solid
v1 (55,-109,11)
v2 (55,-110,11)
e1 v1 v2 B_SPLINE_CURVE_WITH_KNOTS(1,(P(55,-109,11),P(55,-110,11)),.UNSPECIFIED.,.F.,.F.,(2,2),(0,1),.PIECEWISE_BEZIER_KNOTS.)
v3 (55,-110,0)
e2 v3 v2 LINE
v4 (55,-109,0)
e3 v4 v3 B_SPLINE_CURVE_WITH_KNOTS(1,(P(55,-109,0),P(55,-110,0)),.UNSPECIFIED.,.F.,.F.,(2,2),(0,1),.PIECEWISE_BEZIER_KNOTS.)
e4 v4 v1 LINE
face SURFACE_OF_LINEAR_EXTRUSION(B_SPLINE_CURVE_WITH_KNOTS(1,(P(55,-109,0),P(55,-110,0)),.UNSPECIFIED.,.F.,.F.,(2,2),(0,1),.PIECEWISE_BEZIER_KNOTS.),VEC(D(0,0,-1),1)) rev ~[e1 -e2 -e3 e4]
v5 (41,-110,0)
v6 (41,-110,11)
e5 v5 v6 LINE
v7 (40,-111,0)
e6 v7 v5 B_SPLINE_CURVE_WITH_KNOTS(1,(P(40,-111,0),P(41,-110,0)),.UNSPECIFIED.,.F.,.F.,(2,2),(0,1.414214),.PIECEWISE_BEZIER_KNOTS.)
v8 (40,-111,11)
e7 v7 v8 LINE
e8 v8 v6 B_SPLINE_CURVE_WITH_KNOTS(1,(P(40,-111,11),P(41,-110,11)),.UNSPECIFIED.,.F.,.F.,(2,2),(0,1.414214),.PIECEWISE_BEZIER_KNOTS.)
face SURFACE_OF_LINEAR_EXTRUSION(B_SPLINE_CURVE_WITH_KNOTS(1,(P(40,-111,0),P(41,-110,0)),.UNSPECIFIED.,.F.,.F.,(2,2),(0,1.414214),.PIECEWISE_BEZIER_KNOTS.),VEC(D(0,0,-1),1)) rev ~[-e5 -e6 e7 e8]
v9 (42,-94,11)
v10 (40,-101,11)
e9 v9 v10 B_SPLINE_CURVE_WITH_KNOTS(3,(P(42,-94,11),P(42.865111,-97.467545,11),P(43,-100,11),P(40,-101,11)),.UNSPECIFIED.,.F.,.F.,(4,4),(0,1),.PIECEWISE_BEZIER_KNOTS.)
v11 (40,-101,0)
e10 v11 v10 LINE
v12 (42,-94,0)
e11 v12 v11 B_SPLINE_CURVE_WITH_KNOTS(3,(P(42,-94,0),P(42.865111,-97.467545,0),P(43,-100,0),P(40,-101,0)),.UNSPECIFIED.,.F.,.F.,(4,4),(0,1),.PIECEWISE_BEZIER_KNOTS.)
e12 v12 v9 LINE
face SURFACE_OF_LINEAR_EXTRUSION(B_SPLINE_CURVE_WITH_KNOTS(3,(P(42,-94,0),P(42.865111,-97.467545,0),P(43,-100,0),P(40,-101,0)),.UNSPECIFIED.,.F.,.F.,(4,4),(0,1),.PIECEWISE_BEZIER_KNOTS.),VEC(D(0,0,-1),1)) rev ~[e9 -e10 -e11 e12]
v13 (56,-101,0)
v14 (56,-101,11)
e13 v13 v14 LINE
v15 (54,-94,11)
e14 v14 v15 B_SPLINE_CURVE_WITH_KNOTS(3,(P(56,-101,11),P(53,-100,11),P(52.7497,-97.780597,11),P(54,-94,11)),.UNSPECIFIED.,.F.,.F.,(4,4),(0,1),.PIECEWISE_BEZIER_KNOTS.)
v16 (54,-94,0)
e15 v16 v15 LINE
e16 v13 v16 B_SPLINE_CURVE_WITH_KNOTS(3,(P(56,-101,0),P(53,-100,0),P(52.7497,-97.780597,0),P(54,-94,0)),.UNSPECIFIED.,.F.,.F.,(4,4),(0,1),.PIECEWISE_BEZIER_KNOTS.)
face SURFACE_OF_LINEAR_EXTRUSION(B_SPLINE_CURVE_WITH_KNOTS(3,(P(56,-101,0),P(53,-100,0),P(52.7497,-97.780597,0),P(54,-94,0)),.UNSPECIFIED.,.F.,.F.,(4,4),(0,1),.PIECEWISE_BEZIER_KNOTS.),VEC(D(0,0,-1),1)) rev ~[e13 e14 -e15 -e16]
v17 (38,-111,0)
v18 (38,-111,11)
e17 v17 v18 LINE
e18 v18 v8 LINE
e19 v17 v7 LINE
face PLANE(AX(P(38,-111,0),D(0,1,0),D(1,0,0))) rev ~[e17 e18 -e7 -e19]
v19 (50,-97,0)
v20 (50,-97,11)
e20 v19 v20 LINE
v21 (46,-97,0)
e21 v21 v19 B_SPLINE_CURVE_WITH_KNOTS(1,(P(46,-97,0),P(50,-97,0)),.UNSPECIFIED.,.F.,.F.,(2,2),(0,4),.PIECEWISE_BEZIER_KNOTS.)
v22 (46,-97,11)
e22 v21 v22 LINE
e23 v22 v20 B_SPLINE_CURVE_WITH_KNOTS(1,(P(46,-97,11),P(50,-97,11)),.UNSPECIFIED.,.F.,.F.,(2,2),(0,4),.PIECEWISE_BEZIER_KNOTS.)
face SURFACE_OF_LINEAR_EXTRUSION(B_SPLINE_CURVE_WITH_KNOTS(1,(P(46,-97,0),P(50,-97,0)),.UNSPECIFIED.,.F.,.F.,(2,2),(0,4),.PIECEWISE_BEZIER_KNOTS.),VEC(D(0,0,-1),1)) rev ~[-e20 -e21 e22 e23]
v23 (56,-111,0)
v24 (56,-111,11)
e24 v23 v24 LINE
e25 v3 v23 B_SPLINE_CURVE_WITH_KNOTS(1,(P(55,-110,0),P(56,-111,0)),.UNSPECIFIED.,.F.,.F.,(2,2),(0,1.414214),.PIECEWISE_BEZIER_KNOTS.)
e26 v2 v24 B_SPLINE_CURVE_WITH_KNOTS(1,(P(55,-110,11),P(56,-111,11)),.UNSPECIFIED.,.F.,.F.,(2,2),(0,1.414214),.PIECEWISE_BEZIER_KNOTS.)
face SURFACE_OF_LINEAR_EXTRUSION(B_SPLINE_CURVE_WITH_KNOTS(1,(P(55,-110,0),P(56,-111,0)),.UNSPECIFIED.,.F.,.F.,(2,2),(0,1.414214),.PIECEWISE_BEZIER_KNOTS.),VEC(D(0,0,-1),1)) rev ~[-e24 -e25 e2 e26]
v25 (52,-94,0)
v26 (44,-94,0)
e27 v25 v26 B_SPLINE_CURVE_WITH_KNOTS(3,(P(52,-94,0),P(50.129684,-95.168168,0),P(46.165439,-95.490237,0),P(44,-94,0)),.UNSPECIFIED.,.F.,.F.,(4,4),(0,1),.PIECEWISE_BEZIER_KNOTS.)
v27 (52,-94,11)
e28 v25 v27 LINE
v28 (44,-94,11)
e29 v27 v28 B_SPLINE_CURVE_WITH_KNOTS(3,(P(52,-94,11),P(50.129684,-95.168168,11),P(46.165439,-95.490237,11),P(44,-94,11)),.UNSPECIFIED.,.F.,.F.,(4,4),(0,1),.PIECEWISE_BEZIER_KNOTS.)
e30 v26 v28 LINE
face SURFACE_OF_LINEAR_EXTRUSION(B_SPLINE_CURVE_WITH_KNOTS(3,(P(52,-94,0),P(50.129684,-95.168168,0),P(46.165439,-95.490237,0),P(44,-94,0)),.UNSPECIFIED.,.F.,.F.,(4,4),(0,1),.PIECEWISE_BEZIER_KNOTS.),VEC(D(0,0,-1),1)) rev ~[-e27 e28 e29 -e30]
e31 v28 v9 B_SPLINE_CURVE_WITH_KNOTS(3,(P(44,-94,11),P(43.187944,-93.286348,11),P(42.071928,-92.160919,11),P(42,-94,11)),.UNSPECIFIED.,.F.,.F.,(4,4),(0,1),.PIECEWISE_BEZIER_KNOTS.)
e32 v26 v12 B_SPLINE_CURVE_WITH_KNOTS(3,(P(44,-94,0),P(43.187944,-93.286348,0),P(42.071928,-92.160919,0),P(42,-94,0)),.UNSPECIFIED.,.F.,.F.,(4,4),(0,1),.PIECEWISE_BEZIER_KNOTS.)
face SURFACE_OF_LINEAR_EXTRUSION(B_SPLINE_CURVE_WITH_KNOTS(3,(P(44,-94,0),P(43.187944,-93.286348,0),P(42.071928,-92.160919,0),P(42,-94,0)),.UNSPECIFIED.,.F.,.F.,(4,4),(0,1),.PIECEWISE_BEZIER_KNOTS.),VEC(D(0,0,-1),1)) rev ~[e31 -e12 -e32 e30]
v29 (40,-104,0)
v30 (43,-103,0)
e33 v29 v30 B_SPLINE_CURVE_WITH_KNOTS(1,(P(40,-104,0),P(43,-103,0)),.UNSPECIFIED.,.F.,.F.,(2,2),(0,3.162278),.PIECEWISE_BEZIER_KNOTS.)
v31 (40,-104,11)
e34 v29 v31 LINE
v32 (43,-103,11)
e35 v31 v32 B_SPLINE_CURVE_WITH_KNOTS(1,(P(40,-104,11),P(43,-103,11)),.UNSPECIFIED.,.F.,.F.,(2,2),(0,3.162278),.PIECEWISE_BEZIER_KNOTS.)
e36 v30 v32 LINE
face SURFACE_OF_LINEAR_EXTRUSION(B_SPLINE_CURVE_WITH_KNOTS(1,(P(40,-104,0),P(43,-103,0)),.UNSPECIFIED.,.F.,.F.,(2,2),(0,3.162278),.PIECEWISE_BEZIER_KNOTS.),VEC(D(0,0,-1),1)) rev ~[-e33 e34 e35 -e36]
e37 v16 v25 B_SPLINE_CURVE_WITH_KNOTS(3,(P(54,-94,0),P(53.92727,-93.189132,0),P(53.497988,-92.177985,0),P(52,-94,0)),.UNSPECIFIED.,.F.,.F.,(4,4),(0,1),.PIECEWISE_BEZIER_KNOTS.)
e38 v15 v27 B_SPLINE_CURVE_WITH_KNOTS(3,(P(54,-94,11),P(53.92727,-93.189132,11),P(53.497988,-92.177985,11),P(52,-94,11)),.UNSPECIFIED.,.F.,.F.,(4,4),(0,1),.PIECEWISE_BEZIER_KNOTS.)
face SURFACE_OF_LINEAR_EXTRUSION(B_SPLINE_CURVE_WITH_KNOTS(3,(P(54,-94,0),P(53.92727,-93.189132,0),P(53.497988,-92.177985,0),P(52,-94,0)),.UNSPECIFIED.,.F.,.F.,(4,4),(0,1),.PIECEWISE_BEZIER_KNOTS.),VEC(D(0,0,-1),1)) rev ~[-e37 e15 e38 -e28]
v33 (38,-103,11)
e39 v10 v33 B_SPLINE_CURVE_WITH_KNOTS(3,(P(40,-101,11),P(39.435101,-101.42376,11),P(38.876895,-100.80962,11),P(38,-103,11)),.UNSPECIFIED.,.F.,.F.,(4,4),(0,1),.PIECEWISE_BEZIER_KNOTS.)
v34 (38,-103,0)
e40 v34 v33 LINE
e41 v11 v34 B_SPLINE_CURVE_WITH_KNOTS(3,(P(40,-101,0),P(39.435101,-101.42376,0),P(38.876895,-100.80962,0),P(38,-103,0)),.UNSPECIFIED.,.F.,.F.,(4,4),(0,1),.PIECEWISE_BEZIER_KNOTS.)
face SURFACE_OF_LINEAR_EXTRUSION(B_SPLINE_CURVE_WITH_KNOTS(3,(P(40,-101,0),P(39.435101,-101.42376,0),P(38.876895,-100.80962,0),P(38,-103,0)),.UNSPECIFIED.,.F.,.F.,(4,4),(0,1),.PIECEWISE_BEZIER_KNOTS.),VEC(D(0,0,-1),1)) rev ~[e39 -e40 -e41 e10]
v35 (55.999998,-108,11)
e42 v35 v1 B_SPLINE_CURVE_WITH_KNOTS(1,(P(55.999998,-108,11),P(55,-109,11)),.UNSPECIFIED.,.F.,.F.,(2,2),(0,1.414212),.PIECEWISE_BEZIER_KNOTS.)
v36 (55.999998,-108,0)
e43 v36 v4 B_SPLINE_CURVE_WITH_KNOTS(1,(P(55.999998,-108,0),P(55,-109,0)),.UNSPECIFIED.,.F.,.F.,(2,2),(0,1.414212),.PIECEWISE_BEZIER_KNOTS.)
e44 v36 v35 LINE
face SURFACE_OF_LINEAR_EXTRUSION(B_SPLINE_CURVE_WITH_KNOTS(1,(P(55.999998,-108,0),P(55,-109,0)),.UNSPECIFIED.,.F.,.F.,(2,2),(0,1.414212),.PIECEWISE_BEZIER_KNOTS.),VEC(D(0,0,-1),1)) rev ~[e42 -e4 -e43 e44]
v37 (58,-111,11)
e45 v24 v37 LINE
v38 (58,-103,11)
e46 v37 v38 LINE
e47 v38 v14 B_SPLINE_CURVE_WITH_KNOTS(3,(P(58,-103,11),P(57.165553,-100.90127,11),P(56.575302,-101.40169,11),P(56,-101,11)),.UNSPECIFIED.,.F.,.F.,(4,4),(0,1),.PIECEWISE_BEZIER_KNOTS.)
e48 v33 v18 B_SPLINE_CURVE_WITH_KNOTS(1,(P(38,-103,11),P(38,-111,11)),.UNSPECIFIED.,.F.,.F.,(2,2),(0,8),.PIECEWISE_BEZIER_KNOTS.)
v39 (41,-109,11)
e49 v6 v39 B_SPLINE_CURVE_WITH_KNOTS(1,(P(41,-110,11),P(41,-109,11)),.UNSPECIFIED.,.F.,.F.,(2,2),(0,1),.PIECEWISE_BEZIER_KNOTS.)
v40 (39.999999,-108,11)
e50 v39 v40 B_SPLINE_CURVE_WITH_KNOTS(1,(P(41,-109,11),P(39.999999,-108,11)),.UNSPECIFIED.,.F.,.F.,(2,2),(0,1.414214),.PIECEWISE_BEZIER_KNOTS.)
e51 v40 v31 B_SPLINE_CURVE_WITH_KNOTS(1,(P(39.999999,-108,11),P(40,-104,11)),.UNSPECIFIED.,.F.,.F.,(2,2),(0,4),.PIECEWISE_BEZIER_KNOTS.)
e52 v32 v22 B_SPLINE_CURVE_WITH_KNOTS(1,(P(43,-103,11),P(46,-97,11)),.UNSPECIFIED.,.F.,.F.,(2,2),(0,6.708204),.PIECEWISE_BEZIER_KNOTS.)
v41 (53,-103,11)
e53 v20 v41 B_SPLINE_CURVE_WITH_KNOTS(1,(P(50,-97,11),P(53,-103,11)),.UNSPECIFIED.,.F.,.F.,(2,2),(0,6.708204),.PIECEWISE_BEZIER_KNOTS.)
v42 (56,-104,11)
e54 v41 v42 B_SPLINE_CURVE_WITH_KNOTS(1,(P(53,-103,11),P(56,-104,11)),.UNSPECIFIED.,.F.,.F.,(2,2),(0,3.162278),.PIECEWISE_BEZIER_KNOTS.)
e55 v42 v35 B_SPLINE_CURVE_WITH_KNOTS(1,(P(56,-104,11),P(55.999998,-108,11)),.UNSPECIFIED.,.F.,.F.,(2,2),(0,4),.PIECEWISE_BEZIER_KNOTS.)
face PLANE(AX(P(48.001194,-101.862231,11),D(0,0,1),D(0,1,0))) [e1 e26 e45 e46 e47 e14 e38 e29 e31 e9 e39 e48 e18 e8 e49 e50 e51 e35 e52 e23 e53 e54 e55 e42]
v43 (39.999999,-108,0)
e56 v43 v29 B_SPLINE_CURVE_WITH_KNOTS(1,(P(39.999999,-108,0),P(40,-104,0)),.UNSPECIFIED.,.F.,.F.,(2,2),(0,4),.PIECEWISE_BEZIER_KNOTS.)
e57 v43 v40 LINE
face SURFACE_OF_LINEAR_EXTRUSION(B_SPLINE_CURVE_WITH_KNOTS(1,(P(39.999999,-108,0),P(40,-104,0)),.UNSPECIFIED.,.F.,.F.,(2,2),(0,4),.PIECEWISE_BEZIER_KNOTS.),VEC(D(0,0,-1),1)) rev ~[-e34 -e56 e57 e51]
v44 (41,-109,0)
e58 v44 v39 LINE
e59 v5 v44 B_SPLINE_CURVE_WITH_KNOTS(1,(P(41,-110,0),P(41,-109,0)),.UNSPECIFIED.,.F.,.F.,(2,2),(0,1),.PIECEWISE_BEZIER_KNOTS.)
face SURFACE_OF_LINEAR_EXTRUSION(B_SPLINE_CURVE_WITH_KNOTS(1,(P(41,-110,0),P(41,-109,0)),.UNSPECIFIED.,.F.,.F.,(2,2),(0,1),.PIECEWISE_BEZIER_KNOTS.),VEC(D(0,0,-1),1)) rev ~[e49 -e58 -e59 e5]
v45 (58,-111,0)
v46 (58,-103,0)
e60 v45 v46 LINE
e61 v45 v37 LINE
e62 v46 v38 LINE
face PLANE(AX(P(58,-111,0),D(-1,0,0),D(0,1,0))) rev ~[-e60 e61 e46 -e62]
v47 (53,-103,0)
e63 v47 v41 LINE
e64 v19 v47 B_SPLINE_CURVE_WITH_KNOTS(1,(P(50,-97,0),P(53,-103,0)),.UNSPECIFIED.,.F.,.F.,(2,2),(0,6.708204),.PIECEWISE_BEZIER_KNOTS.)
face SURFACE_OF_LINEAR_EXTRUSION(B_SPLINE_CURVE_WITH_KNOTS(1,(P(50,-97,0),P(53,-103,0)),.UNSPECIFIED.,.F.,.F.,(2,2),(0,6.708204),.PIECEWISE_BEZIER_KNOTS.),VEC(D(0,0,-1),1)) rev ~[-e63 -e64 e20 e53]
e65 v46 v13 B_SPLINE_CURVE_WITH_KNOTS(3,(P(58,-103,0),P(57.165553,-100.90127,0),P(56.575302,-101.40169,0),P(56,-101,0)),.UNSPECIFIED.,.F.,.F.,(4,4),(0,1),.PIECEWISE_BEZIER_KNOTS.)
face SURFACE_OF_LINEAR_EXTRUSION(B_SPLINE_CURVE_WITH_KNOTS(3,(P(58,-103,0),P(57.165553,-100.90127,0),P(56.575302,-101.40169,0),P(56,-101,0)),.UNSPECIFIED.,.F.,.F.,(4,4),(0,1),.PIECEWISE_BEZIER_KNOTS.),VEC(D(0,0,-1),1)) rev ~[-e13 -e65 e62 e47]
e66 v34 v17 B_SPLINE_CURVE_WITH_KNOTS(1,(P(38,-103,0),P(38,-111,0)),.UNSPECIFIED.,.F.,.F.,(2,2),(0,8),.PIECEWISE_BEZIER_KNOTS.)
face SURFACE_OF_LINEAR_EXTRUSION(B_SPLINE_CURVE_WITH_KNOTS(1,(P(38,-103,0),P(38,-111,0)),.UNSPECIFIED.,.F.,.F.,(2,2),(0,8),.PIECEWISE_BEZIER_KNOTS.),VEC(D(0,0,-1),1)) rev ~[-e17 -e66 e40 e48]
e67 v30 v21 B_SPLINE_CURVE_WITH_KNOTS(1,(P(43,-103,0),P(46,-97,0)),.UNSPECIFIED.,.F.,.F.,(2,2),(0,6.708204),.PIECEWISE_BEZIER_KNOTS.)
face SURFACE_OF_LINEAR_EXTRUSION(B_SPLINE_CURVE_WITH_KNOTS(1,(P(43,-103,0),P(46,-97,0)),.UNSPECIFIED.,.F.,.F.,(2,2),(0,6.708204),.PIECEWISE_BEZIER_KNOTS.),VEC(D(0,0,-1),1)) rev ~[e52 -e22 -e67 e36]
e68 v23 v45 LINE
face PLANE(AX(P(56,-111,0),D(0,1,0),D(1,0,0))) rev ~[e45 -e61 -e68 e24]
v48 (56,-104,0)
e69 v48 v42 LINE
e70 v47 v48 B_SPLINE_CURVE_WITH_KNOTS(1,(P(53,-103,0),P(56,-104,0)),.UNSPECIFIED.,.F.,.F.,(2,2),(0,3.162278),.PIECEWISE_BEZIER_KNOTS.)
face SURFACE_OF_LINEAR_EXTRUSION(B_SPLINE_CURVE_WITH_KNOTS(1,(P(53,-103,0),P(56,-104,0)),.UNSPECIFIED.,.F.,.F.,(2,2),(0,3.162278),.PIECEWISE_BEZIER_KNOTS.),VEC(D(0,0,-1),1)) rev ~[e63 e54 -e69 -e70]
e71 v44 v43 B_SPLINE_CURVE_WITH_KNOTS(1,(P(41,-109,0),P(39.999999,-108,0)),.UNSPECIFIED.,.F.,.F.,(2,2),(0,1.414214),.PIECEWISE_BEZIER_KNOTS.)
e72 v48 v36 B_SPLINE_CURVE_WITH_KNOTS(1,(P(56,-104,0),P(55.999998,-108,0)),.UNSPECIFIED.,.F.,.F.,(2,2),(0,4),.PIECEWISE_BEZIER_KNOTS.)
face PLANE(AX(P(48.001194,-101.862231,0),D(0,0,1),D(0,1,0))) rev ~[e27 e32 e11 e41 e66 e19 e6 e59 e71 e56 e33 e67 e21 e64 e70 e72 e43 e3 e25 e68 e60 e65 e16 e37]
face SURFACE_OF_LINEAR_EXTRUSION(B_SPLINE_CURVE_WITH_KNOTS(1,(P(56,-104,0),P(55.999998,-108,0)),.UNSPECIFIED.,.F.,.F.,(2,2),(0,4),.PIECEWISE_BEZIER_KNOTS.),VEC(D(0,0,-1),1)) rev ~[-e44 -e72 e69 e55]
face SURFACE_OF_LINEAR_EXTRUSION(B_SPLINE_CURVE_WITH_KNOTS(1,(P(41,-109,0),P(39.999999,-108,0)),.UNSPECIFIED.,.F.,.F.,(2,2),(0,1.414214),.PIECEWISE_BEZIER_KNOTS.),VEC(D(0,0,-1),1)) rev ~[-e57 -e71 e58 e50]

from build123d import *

# Parameters (mm, degrees)
EXTRUDE_DEPTH = 11


with BuildPart() as part:
    # path2076 → Extrude (new body)
    with BuildSketch(Plane(origin=(48, -101.847886, 0), x_dir=(0, 1, 0), z_dir=(0, 0, 1))):
        with BuildLine():
            add(Edge.make_bspline(
                [(-6.152114, 8.000001), (-2.152114, 8)],
                knots=[0, 0, 4, 4], degree=1))
            add(Edge.make_bspline(
                [(-2.152114, 8), (-1.152114, 5)],
                knots=[0, 0, 3.162278, 3.162278], degree=1))
            add(Edge.make_bspline(
                [(-1.152114, 5), (4.847886, 2)],
                knots=[0, 0, 6.708204, 6.708204], degree=1))
            add(Edge.make_bspline(
                [(4.847886, 2), (4.847886, -2)],
                knots=[0, 0, 4, 4], degree=1))
            add(Edge.make_bspline(
                [(4.847886, -2), (-1.152114, -5)],
                knots=[0, 0, 6.708204, 6.708204], degree=1))
            add(Edge.make_bspline(
                [(-1.152114, -5), (-2.152114, -8)],
                knots=[0, 0, 3.162278, 3.162278], degree=1))
            add(Edge.make_bspline(
                [(-2.152114, -8), (-6.152114, -7.999998)],
                knots=[0, 0, 4, 4], degree=1))
            add(Edge.make_bspline(
                [(-6.152114, -7.999998), (-7.152114, -7)],
                knots=[0, 0, 1.414212, 1.414212], degree=1))
            add(Edge.make_bspline(
                [(-7.152114, -7), (-8.152114, -7)],
                knots=[0, 0, 1, 1], degree=1))
            add(Edge.make_bspline(
                [(-8.152114, -7), (-9.152114, -8)],
                knots=[0, 0, 1.414214, 1.414214], degree=1))
            add(Edge.make_bspline(
                [(-9.152114, -8), (-9.152114, -8.999999)],
                knots=[0, 0, 0.999999, 0.999999], degree=1))
            add(Edge.make_bspline(
                [(-9.152114, -8.999999), (-9.152114, -10)],
                knots=[0, 0, 1.000001, 1.000001], degree=1))
            add(Edge.make_bspline(
                [(-9.152114, -10), (-3.152114, -10)],
                knots=[0, 0, 6, 6], degree=1))
            add(Edge.make_bspline(
                [(-3.152114, -10), (-1.152114, -10)],
                knots=[0, 0, 2, 2], degree=1))
            add(Edge.make_bspline(
                [(-1.152114, -10), (0.946616, -9.165553), (0.446196, -8.575302), (0.847886, -8)],
                knots=[0, 0, 0, 0, 1, 1, 1, 1], degree=3))
            add(Edge.make_bspline(
                [(0.847886, -8), (1.847886, -5), (4.067289, -4.7497), (7.847886, -6)],
                knots=[0, 0, 0, 0, 1, 1, 1, 1], degree=3))
            add(Edge.make_bspline(
                [(7.847886, -6), (8.658754, -5.92727), (9.669901, -5.497988), (7.847886, -4)],
                knots=[0, 0, 0, 0, 1, 1, 1, 1], degree=3))
            add(Edge.make_bspline(
                [(7.847886, -4), (6.679718, -2.129684), (6.357649, 1.834561), (7.847886, 4)],
                knots=[0, 0, 0, 0, 1, 1, 1, 1], degree=3))
            add(Edge.make_bspline(
                [(7.847886, 4), (8.561538, 4.812056), (9.686967, 5.928072), (7.847886, 6)],
                knots=[0, 0, 0, 0, 1, 1, 1, 1], degree=3))
            add(Edge.make_bspline(
                [(7.847886, 6), (4.380341, 5.134889), (1.847886, 5), (0.847886, 8)],
                knots=[0, 0, 0, 0, 1, 1, 1, 1], degree=3))
            add(Edge.make_bspline(
                [(0.847886, 8), (0.424126, 8.564899), (1.038266, 9.123105), (-1.152114, 10)],
                knots=[0, 0, 0, 0, 1, 1, 1, 1], degree=3))
            add(Edge.make_bspline(
                [(-1.152114, 10), (-9.152114, 10)],
                knots=[0, 0, 8, 8], degree=1))
            add(Edge.make_bspline(
                [(-9.152114, 10), (-9.152114, 9.000002)],
                knots=[0, 0, 0.999998, 0.999998], degree=1))
            add(Edge.make_bspline(
                [(-9.152114, 9.000002), (-9.152114, 8)],
                knots=[0, 0, 1.000002, 1.000002], degree=1))
            add(Edge.make_bspline(
                [(-9.152114, 8), (-8.152114, 7)],
                knots=[0, 0, 1.414214, 1.414214], degree=1))
            add(Edge.make_bspline(
                [(-8.152114, 7), (-7.152114, 7)],
                knots=[0, 0, 1, 1], degree=1))
            add(Edge.make_bspline(
                [(-7.152114, 7), (-6.152114, 8.000001)],
                knots=[0, 0, 1.414214, 1.414214], degree=1))
        make_face()
    extrude(amount=EXTRUDE_DEPTH)


solid = part.part
